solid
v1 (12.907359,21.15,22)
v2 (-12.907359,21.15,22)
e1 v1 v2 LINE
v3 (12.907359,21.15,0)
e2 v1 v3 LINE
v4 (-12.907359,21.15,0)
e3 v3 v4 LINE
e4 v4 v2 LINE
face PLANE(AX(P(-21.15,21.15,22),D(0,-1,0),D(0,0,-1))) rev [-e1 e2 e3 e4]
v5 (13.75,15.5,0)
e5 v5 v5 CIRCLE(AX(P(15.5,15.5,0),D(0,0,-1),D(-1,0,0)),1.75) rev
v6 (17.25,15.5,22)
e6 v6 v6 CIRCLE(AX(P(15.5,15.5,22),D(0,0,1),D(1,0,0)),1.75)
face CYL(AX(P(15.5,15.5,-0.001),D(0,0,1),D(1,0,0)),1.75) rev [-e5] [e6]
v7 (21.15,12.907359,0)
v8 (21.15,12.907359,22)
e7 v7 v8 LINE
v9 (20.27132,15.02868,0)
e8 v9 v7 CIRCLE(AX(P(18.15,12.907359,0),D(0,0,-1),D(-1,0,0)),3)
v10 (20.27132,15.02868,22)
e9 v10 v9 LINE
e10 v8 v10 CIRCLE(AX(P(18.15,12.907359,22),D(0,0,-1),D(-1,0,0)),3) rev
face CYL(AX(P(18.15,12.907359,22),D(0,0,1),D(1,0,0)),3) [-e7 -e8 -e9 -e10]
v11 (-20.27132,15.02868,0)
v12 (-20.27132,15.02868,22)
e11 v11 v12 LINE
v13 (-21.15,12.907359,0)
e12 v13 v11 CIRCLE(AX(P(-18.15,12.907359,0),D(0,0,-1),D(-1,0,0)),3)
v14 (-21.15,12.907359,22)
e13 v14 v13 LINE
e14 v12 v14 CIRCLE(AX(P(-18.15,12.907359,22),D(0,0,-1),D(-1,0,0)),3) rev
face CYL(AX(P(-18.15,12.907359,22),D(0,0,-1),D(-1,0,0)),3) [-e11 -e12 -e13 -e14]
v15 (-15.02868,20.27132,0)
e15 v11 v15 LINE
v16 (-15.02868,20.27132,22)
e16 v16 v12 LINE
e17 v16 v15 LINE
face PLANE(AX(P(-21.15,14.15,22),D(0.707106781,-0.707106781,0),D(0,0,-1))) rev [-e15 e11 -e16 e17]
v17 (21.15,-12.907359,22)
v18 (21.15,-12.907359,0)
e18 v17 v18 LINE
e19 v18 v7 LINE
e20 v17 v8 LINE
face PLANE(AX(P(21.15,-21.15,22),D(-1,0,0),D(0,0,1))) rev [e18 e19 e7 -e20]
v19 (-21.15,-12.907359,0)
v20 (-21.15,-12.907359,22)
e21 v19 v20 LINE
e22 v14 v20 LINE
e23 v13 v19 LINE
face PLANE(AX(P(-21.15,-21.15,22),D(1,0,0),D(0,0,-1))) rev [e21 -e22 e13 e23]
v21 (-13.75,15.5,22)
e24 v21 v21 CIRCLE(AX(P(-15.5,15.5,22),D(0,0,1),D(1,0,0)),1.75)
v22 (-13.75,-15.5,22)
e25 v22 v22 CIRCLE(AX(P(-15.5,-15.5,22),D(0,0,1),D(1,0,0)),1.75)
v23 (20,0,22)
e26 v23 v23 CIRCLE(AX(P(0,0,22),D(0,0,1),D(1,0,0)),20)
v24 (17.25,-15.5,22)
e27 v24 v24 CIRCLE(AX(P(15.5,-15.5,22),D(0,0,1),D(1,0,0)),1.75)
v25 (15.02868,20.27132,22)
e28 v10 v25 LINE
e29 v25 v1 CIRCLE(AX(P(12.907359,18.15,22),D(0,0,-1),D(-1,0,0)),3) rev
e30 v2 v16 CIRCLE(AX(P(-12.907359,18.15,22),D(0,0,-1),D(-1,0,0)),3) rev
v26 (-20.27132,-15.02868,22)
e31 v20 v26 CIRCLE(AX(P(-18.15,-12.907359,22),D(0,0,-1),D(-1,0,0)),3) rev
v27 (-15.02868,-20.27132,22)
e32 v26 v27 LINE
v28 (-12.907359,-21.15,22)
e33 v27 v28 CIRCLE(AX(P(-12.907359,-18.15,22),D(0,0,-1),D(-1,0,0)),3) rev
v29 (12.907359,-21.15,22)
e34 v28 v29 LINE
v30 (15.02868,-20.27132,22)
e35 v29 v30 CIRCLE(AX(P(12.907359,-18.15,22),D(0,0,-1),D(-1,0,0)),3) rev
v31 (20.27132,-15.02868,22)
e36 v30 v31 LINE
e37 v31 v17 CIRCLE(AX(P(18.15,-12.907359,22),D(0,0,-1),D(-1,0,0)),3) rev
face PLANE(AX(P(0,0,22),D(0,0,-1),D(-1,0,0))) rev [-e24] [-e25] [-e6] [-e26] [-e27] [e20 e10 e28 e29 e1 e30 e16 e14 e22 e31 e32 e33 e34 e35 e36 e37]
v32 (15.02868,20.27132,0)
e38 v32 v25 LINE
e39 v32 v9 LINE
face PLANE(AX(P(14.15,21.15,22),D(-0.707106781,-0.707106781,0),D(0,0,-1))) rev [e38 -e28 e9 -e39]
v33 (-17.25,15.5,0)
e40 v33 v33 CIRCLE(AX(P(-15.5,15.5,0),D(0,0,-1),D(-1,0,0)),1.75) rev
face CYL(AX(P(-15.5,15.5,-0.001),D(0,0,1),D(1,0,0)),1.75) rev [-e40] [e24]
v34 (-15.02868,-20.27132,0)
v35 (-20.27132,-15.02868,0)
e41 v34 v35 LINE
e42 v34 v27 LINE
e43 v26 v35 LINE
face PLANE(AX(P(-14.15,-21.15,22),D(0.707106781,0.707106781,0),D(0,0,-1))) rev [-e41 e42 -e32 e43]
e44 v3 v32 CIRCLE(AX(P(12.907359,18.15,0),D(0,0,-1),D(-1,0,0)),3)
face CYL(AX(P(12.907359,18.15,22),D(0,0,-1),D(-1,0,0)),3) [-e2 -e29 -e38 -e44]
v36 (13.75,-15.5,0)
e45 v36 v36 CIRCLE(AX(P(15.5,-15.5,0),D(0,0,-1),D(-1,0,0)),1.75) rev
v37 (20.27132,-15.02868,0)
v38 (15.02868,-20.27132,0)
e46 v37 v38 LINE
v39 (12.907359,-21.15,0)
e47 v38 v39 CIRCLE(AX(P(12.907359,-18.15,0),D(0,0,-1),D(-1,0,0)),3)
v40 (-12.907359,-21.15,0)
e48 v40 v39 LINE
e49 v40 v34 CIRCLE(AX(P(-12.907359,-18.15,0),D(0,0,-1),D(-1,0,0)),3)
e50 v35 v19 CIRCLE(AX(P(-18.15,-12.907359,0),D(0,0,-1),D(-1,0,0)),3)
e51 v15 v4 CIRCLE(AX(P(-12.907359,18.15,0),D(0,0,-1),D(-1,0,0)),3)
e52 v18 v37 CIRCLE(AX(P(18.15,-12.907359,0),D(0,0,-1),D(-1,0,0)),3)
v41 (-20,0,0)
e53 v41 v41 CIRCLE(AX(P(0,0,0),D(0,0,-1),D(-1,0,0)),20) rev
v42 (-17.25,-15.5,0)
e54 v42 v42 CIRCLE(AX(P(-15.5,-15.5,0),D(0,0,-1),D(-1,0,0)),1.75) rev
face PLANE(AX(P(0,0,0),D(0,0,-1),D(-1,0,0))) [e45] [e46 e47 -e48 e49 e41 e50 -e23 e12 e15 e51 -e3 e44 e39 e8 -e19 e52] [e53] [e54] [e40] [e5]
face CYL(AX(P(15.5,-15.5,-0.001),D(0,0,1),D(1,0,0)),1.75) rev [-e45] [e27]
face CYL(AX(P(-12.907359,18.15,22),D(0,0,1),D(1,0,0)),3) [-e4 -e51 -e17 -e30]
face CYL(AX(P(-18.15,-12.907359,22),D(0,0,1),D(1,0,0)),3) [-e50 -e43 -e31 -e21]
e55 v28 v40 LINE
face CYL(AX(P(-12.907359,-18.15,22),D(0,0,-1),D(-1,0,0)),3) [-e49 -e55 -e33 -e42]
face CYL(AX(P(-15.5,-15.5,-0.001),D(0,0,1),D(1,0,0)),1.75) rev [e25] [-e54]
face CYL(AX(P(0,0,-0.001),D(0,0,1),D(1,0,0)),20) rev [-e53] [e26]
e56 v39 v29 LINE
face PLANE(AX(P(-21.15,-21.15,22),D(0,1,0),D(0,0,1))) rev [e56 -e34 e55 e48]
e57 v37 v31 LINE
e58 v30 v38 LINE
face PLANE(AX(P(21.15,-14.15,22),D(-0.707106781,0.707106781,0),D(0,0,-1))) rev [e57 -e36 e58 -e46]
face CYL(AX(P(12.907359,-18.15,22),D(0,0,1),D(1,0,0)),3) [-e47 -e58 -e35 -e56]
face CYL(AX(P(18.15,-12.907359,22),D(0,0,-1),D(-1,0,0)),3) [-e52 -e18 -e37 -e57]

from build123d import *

# Parameters (mm, degrees)
SZKIC1_W                    = 42.3
SZKIC1_H                    = 42.3
DODANIE_WYCI_GNI_CIE1_DEPTH = 22
SFAZOWANIE1_SIZE            = 7
ZAOKR_GLENIE1_R             = 3
WYTNIJ_WYCI_GNI_CIE1_REACH  = 39.13
SZKIC2_R                    = 20
SZKIC2_R_2                  = 1.75


with BuildPart() as part:
    # Szkic1 → Dodanie-wyciągnięcie1 (new body)
    with BuildSketch(Plane.XY):
        Rectangle(SZKIC1_W, SZKIC1_H)
    extrude(amount=DODANIE_WYCI_GNI_CIE1_DEPTH)

    # Sfazowanie1
    sfazowanie1_edges = [part.edges().sort_by_distance(p)[0] for p in [
        (21.15, -21.15, 11),
        (-21.15, -21.15, 11),
        (-21.15, 21.15, 11),
        (21.15, 21.15, 11),
    ]]
    chamfer(sfazowanie1_edges, length=SFAZOWANIE1_SIZE)

    # Zaokrąglenie1
    zaokr_glenie1_edges = [part.edges().sort_by_distance(p)[0] for p in [
        (14.15, -21.15, 11),
        (-14.15, -21.15, 11),
        (-21.15, 14.15, 11),
        (-21.15, -14.15, 11),
        (21.15, 14.15, 11),
        (21.15, -14.15, 11),
        (14.15, 21.15, 11),
        (-14.15, 21.15, 11),
    ]]
    fillet(zaokr_glenie1_edges, radius=ZAOKR_GLENIE1_R)

    # Szkic2 → Wytnij-wyciągnięcie1 (cut, up to next)
    with BuildSketch(Plane.XY.offset(22), mode=Mode.PRIVATE) as wytnij_wyci_gni_cie1_sk1:
        Circle(SZKIC2_R)
    wytnij_wyci_gni_cie1_tool1 = extrude(wytnij_wyci_gni_cie1_sk1.sketch, amount=-WYTNIJ_WYCI_GNI_CIE1_REACH, mode=Mode.PRIVATE) & part.part
    # Szkic2 → Wytnij-wyciągnięcie1 (cut, up to next)
    with BuildSketch(Plane.XY.offset(22), mode=Mode.PRIVATE) as wytnij_wyci_gni_cie1_sk2:
        with Locations((-15.5, 15.5)):
            Circle(SZKIC2_R_2)
    wytnij_wyci_gni_cie1_tool2 = extrude(wytnij_wyci_gni_cie1_sk2.sketch, amount=-WYTNIJ_WYCI_GNI_CIE1_REACH, mode=Mode.PRIVATE) & part.part
    # Szkic2 → Wytnij-wyciągnięcie1 (cut, up to next)
    with BuildSketch(Plane.XY.offset(22), mode=Mode.PRIVATE) as wytnij_wyci_gni_cie1_sk3:
        with Locations((15.5, 15.5)):
            Circle(SZKIC2_R_2)
    wytnij_wyci_gni_cie1_tool3 = extrude(wytnij_wyci_gni_cie1_sk3.sketch, amount=-WYTNIJ_WYCI_GNI_CIE1_REACH, mode=Mode.PRIVATE) & part.part
    # Szkic2 → Wytnij-wyciągnięcie1 (cut, up to next)
    with BuildSketch(Plane.XY.offset(22), mode=Mode.PRIVATE) as wytnij_wyci_gni_cie1_sk4:
        with Locations((15.5, -15.5)):
            Circle(SZKIC2_R_2)
    wytnij_wyci_gni_cie1_tool4 = extrude(wytnij_wyci_gni_cie1_sk4.sketch, amount=-WYTNIJ_WYCI_GNI_CIE1_REACH, mode=Mode.PRIVATE) & part.part
    # Szkic2 → Wytnij-wyciągnięcie1 (cut, up to next)
    with BuildSketch(Plane.XY.offset(22), mode=Mode.PRIVATE) as wytnij_wyci_gni_cie1_sk5:
        with Locations((-15.5, -15.5)):
            Circle(SZKIC2_R_2)
    wytnij_wyci_gni_cie1_tool5 = extrude(wytnij_wyci_gni_cie1_sk5.sketch, amount=-WYTNIJ_WYCI_GNI_CIE1_REACH, mode=Mode.PRIVATE) & part.part
    add(wytnij_wyci_gni_cie1_tool1.solids().sort_by_distance((0, 0, 22))[0], mode=Mode.SUBTRACT)
    add(wytnij_wyci_gni_cie1_tool2.solids().sort_by_distance((-15.5, 15.5, 22))[0], mode=Mode.SUBTRACT)
    add(wytnij_wyci_gni_cie1_tool3.solids().sort_by_distance((15.5, 15.5, 22))[0], mode=Mode.SUBTRACT)
    add(wytnij_wyci_gni_cie1_tool4.solids().sort_by_distance((15.5, -15.5, 22))[0], mode=Mode.SUBTRACT)
    add(wytnij_wyci_gni_cie1_tool5.solids().sort_by_distance((-15.5, -15.5, 22))[0], mode=Mode.SUBTRACT)


solid = part.part
